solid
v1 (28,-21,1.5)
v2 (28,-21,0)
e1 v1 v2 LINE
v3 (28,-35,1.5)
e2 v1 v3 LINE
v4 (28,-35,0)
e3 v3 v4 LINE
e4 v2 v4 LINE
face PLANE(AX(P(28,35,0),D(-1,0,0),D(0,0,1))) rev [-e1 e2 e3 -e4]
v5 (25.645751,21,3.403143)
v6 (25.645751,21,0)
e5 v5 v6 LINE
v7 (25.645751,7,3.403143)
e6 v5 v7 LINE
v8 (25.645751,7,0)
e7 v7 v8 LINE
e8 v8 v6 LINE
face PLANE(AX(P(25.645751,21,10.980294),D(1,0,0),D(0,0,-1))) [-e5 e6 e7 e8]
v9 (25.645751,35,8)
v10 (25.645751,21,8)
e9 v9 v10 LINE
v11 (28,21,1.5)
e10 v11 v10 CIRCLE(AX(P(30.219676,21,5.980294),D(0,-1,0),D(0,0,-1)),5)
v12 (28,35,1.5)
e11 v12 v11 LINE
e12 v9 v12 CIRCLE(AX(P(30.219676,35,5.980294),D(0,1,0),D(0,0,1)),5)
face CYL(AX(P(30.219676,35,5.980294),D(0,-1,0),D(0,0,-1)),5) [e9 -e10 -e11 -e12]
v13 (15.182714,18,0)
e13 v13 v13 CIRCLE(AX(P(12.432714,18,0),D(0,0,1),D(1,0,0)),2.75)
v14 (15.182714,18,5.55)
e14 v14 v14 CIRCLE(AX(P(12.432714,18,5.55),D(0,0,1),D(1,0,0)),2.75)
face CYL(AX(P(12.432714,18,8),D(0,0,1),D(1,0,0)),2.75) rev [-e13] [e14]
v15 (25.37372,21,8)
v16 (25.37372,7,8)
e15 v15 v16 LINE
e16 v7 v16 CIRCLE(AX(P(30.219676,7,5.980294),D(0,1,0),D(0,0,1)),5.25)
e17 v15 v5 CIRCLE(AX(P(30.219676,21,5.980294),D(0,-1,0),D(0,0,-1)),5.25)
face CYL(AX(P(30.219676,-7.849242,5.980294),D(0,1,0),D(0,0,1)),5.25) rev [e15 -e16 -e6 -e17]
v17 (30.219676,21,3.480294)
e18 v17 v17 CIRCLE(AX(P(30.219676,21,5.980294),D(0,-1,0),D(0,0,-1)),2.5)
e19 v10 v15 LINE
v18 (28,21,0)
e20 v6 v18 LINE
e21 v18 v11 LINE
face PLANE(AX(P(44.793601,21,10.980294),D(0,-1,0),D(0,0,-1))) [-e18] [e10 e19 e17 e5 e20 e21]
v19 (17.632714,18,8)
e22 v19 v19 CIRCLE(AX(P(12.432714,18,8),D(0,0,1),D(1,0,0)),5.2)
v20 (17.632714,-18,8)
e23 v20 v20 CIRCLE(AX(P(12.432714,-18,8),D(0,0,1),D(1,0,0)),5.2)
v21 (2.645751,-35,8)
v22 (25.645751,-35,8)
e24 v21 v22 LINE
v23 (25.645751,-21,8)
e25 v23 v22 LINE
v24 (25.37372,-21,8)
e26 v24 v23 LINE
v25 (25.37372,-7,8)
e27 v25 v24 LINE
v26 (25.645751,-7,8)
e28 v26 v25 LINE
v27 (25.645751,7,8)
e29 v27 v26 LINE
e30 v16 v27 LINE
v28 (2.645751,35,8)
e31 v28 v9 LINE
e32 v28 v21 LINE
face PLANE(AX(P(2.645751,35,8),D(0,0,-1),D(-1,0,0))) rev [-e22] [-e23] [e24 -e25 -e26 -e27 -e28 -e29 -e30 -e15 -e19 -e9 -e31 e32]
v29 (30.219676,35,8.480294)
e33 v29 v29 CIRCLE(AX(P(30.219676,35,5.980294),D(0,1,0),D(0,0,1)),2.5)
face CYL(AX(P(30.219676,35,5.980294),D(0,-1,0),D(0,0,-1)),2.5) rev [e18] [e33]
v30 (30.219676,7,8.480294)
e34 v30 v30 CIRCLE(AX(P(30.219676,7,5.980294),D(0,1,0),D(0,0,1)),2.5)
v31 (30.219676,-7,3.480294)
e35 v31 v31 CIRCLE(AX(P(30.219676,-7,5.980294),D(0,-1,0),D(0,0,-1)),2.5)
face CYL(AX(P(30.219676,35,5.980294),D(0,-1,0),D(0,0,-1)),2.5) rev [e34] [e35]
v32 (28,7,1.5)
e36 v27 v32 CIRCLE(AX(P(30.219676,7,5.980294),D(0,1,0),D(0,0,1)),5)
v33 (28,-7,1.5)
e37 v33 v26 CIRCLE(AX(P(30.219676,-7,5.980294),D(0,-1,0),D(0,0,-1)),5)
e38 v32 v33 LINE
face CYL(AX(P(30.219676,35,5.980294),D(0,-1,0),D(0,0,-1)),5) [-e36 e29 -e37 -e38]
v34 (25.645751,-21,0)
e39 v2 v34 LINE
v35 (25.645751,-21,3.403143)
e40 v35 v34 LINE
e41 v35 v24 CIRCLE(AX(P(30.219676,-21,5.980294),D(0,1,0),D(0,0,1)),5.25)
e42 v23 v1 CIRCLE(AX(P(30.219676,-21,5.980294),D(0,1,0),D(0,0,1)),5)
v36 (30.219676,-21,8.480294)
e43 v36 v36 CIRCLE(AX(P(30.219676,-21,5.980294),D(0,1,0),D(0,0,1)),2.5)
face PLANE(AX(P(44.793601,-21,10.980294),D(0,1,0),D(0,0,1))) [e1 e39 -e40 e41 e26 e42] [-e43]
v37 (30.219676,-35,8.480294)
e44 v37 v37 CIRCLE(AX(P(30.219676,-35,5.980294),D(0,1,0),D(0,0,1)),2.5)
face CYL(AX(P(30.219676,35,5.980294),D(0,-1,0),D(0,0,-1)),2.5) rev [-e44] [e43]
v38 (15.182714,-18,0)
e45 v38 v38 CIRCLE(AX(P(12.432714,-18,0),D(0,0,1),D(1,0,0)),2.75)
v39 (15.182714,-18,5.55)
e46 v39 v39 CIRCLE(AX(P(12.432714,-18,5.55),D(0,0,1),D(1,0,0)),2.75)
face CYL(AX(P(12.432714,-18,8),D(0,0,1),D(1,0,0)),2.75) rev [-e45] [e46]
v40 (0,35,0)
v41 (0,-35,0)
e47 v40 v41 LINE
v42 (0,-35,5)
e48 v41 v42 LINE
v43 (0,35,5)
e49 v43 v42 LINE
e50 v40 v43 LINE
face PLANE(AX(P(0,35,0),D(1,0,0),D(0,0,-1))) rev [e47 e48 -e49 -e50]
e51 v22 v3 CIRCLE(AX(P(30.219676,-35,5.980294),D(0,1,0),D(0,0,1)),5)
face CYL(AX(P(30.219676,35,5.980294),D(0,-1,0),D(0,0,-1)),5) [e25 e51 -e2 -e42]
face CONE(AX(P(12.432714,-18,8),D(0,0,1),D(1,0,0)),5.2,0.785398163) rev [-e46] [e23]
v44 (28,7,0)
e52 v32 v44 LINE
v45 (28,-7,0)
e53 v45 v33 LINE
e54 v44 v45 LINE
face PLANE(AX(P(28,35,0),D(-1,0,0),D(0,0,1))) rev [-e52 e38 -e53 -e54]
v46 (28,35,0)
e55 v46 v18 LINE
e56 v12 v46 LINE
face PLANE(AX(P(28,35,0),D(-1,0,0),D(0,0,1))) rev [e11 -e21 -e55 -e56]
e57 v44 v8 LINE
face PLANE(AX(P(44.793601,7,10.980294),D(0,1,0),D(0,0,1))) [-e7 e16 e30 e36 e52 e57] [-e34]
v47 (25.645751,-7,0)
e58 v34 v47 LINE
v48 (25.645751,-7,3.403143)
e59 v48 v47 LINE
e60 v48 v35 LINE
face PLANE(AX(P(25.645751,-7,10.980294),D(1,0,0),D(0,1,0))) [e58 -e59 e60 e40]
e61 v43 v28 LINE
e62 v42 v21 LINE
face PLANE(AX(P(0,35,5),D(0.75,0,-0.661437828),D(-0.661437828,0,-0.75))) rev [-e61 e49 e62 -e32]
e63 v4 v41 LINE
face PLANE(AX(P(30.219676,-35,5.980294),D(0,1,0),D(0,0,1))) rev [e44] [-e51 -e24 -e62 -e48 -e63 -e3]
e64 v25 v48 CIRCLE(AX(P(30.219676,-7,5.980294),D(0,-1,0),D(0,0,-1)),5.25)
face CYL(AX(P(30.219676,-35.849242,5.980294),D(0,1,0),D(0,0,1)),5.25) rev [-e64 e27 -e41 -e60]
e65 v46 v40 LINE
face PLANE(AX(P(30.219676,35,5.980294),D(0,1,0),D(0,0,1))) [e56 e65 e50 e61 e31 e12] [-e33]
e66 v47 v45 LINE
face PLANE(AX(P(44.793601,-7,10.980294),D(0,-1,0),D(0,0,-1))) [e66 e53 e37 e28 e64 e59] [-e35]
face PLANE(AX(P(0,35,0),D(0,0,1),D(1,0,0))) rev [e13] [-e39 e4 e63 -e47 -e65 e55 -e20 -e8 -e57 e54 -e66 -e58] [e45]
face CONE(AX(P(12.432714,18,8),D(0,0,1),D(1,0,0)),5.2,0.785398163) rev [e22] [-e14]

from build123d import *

# Parameters (mm, degrees)
SKETCH1_R                                       = 2.5
BOSS_EXTRUDE1_DEPTH                             = 35
SKETCH2_W                                       = 19.147849822
SKETCH2_H                                       = 14
CUT_EXTRUDE1_DEPTH                              = 11.980294351
CUT_EXTRUDE1_DEPTH_BACK                         = 1
CSK_FOR_M5_FLAT_HEAD_MACHINE_SCREW1_D           = 5.5
CSK_FOR_M5_FLAT_HEAD_MACHINE_SCREW1_DEPTH       = 13.347633298
CSK_FOR_M5_FLAT_HEAD_MACHINE_SCREW1_CSINK_D     = 10.4
CSK_FOR_M5_FLAT_HEAD_MACHINE_SCREW1_CSINK_ANGLE = 90
CSK_FOR_M5_FLAT_HEAD_MACHINE_SCREW1_TIP         = 1.652366702
CUT_EXTRUDE2_START                              = -14
SKETCH6_R                                       = 5.25
CUT_EXTRUDE2_DEPTH                              = 14
CUT_EXTRUDE3_START                              = -42
SKETCH6_2_R                                     = 5.25
CUT_EXTRUDE3_DEPTH                              = 14


with BuildPart() as part:
    # Sketch1 → Boss-Extrude1 (new body, symmetric)
    with BuildSketch(Plane(origin=(0, 0, 0), x_dir=(1, 0, 0), z_dir=(0, 1, 0))):
        with BuildLine():
            Line((0, 0), (28, 0))
            Line((28, 0), (28, -1.5))
            ThreePointArc((28, -1.5), (34.920820135, -7.683011565), (25.645751311, -8))
            Line((25.645751311, -8), (2.645751311, -8))
            Line((2.645751311, -8), (0, -5))
            Line((0, -5), (0, 0))
        make_face()
        with Locations((30.219676222, -5.980294351)):
            Circle(SKETCH1_R, mode=Mode.SUBTRACT)
    extrude(amount=BOSS_EXTRUDE1_DEPTH, both=True)

    # Sketch2 → Cut-Extrude1 (cut, two sides)
    with BuildSketch(Plane.XY) as cut_extrude1_sk:
        with Locations((35.219676222, 14)):
            Rectangle(SKETCH2_W, SKETCH2_H)
        with Locations((35.219676222, -14)):
            Rectangle(SKETCH2_W, SKETCH2_H)
    extrude(amount=CUT_EXTRUDE1_DEPTH, mode=Mode.SUBTRACT)
    extrude(cut_extrude1_sk.sketch, amount=-CUT_EXTRUDE1_DEPTH_BACK, mode=Mode.SUBTRACT)

    # CSK for M5 Flat Head Machine Screw1
    with Locations(Plane.XY.offset(8)):
        with Locations((12.432713767, 18), (12.432713767, -18)):
            CounterSinkHole(CSK_FOR_M5_FLAT_HEAD_MACHINE_SCREW1_D / 2, CSK_FOR_M5_FLAT_HEAD_MACHINE_SCREW1_CSINK_D / 2, depth=CSK_FOR_M5_FLAT_HEAD_MACHINE_SCREW1_DEPTH, counter_sink_angle=CSK_FOR_M5_FLAT_HEAD_MACHINE_SCREW1_CSINK_ANGLE)
            with Locations((0, 0, -(CSK_FOR_M5_FLAT_HEAD_MACHINE_SCREW1_DEPTH + CSK_FOR_M5_FLAT_HEAD_MACHINE_SCREW1_TIP / 2))):  # 118° drill point
                Cone(0, CSK_FOR_M5_FLAT_HEAD_MACHINE_SCREW1_D / 2, CSK_FOR_M5_FLAT_HEAD_MACHINE_SCREW1_TIP, mode=Mode.SUBTRACT)

    # Sketch6 → Cut-Extrude2 (cut)
    with BuildSketch(Plane(origin=(0, 35, 0), x_dir=(1, 0, 0), z_dir=(0, 1, 0)).offset(CUT_EXTRUDE2_START)):
        with Locations((30.219676222, -5.980294351)):
            Circle(SKETCH6_R)
    extrude(amount=-CUT_EXTRUDE2_DEPTH, mode=Mode.SUBTRACT)

    # Sketch6<2> → Cut-Extrude3 (cut)
    with BuildSketch(Plane(origin=(0, 35, 0), x_dir=(1, 0, 0), z_dir=(0, 1, 0)).offset(CUT_EXTRUDE3_START)):
        with Locations((30.219676222, -5.980294351)):
            Circle(SKETCH6_2_R)
    extrude(amount=-CUT_EXTRUDE3_DEPTH, mode=Mode.SUBTRACT)


solid = part.part
